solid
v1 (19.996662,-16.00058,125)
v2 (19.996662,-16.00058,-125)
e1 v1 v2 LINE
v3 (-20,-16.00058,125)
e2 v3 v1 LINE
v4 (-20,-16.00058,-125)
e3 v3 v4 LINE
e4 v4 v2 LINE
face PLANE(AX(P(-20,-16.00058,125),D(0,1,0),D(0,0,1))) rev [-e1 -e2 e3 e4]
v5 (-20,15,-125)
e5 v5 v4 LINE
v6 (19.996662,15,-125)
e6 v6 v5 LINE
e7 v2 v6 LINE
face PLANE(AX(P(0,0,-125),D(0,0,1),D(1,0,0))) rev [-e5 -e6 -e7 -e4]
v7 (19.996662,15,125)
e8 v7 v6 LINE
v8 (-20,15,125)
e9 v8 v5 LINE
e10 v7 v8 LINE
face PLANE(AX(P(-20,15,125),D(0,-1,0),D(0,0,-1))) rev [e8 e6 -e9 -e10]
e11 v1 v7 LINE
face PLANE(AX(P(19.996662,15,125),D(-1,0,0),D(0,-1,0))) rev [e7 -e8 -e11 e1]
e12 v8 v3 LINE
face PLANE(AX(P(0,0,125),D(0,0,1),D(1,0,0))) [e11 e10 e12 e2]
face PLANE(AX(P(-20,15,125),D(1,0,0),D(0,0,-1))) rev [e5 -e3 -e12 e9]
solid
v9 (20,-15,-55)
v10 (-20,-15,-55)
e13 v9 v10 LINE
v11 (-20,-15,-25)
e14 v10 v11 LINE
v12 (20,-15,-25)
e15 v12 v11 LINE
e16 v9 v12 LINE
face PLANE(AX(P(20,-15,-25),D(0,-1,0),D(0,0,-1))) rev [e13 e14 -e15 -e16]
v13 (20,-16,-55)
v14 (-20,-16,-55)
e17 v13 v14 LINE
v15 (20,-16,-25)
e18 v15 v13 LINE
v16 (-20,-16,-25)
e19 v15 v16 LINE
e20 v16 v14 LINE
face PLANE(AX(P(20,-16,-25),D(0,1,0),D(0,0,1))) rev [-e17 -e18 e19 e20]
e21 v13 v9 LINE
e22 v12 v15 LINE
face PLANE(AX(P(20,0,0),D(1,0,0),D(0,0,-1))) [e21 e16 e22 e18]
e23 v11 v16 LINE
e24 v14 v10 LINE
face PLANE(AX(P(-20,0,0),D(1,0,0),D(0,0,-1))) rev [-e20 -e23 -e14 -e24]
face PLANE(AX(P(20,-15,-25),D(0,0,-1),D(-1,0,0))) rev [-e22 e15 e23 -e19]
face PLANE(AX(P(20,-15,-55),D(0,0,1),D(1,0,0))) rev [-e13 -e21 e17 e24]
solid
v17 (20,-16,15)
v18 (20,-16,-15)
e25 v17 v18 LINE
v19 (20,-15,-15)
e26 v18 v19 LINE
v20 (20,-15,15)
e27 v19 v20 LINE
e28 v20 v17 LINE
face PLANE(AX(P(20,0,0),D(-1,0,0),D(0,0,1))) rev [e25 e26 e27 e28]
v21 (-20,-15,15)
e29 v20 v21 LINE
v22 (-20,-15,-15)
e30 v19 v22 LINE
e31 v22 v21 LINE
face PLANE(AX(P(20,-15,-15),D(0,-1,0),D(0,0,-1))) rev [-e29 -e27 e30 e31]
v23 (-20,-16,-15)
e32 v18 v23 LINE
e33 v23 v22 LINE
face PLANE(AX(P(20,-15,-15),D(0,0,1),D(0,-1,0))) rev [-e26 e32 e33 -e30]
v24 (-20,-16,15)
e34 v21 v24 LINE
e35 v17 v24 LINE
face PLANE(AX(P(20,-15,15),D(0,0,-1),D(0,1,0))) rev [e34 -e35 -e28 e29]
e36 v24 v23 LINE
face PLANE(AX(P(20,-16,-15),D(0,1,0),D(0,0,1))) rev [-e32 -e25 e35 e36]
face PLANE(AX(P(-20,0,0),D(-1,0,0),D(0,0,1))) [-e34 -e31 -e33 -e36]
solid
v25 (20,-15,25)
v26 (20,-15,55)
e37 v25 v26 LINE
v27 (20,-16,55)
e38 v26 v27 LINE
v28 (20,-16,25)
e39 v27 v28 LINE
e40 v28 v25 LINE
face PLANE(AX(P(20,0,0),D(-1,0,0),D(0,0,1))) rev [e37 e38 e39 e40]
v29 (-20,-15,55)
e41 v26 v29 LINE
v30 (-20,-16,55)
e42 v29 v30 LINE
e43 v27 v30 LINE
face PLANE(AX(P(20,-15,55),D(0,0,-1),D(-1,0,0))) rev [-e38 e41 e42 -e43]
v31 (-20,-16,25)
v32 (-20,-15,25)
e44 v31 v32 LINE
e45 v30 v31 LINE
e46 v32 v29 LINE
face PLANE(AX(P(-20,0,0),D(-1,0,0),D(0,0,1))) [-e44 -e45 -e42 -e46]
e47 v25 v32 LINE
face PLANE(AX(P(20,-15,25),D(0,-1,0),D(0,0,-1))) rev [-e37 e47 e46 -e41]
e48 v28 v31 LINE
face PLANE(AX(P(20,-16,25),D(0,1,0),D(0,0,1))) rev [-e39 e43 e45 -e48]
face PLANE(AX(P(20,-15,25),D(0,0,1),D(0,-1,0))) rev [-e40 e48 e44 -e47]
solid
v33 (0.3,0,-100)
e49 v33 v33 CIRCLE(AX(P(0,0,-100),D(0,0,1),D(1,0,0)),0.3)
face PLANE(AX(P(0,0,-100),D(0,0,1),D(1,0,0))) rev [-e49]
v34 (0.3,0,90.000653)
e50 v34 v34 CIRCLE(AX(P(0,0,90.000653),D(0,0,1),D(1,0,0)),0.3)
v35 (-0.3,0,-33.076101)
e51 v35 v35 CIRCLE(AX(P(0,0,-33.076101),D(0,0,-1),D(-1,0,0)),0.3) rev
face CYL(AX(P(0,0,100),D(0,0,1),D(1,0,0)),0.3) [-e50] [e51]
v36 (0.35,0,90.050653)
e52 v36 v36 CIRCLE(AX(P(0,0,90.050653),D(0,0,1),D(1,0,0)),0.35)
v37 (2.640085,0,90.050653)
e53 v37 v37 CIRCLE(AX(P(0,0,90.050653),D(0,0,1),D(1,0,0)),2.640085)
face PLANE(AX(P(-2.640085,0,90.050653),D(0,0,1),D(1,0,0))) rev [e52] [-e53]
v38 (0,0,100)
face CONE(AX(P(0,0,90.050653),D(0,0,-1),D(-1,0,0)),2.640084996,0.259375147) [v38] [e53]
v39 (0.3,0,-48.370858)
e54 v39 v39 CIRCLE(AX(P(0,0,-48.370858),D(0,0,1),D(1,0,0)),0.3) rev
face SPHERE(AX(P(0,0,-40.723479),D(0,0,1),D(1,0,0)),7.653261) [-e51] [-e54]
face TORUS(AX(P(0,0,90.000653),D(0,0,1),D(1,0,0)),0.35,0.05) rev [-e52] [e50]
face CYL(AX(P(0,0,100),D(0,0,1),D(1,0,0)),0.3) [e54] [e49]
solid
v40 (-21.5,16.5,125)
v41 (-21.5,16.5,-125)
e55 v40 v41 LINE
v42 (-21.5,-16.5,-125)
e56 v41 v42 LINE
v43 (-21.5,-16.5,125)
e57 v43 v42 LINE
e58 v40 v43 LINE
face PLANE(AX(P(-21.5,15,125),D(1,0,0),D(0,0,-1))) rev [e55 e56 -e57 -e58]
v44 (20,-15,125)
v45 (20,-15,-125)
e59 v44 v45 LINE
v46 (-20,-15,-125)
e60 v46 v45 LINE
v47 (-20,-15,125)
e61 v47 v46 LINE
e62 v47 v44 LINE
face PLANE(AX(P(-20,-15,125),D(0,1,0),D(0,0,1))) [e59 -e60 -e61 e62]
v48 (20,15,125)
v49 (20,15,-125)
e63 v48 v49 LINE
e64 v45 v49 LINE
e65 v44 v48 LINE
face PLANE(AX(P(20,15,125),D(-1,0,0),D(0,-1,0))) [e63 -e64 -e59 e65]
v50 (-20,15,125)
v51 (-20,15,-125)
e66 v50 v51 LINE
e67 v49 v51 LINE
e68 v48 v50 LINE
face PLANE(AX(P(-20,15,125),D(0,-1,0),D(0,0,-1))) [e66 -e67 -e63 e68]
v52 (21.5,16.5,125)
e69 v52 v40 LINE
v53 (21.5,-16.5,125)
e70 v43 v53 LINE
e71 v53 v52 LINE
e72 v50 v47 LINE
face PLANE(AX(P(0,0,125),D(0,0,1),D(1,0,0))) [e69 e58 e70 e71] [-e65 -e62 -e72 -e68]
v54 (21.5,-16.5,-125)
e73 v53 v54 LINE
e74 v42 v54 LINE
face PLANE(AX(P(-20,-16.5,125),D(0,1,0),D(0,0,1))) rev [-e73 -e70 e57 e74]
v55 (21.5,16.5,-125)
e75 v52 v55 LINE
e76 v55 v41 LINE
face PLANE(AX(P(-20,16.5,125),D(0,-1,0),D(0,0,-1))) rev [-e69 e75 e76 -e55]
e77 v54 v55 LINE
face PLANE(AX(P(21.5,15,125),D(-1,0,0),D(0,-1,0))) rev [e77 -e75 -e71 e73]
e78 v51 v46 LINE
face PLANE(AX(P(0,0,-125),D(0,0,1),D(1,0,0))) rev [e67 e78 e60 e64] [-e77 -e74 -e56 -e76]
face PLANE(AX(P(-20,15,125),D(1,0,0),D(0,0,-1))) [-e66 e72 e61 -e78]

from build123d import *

# Parameters (mm, degrees)
SKETCH1_W             = 43
SKETCH1_H             = 33
SKETCH1_W_2           = 40
SKETCH1_H_2           = 30
EXTRUDE_THIN1_DEPTH   = 125
SKETCH2_W             = 30
SKETCH2_H             = 1
BOSS_EXTRUDE1_DEPTH   = 20
BOSS_EXTRUDE1_2_DEPTH = 20
BOSS_EXTRUDE1_3_DEPTH = 20
SKETCH6_W             = 39.996661802
SKETCH6_H             = 31.000580386
BOSS_EXTRUDE2_DEPTH   = 125


with BuildPart() as part:
    # Sketch1 → Extrude-Thin1 (new body, symmetric)
    with BuildSketch(Plane.XY):
        Rectangle(SKETCH1_W, SKETCH1_H)
        Rectangle(SKETCH1_W_2, SKETCH1_H_2, mode=Mode.SUBTRACT)
    extrude(amount=EXTRUDE_THIN1_DEPTH, both=True)


with BuildPart() as body_2:
    # Sketch2 → Boss-Extrude1 (new body, symmetric)
    with BuildSketch(Plane(origin=(0, 0, 0), x_dir=(0, 0, -1), z_dir=(1, 0, 0))):
        with Locations((0, -15.5)):
            Rectangle(SKETCH2_W, SKETCH2_H)
    extrude(amount=BOSS_EXTRUDE1_DEPTH, both=True)


with BuildPart() as body_3:
    # Sketch2 → Boss-Extrude1 2 (new body, symmetric)
    with BuildSketch(Plane(origin=(0, 0, 0), x_dir=(0, 0, -1), z_dir=(1, 0, 0))):
        with Locations((-40, -15.5)):
            Rectangle(SKETCH2_W, SKETCH2_H)
    extrude(amount=BOSS_EXTRUDE1_2_DEPTH, both=True)


with BuildPart() as body_4:
    # Sketch2 → Boss-Extrude1 3 (new body, symmetric)
    with BuildSketch(Plane(origin=(0, 0, 0), x_dir=(0, 0, -1), z_dir=(1, 0, 0))):
        with Locations((40, -15.5)):
            Rectangle(SKETCH2_W, SKETCH2_H)
    extrude(amount=BOSS_EXTRUDE1_3_DEPTH, both=True)


with BuildPart() as body_5:
    # Sketch3 → Revolve1 (revolve)
    with BuildSketch(Plane(origin=(0, 0, 0), x_dir=(1, 0, 0), z_dir=(0, 1, 0))):
        with BuildLine():
            Line((-7.65326093, 40.723479344), (7.65326093, 40.723479344))
            ThreePointArc((7.65326093, 40.723479344), (0, 48.376740274), (-7.65326093, 40.723479344))
        make_face()
    revolve(axis=Axis((-7.65326093, 0, -40.723479344), (1, 0, 0)))

    # Sketch5 → Revolve2 (revolve)
    with BuildSketch(Plane(origin=(0, 0, 0), x_dir=(1, 0, 0), z_dir=(0, 1, 0))):
        with BuildLine():
            Line((0, -100), (-2.640084996, -90.050652638))
            Line((-2.640084996, -90.050652638), (-0.35, -90.050652638))
            ThreePointArc((-0.35, -90.050652638), (-0.314644661, -90.036007977), (-0.3, -90.000652638))
            Line((-0.3, -90.000652638), (-0.3, 100))
            Line((-0.3, 100), (0, 100))
            Line((0, 100), (0, -100))
        make_face()
    revolve(axis=Axis((0, 0, 100), (0, 0, -1)))


with BuildPart() as body_6:
    # Sketch6 → Boss-Extrude2 (new body, symmetric)
    with BuildSketch(Plane.XY):
        with Locations((-0.001669099, -0.500290193)):
            Rectangle(SKETCH6_W, SKETCH6_H)
    extrude(amount=BOSS_EXTRUDE2_DEPTH, both=True)


solid = Compound([part.part, body_2.part, body_3.part, body_4.part, body_5.part, body_6.part])
